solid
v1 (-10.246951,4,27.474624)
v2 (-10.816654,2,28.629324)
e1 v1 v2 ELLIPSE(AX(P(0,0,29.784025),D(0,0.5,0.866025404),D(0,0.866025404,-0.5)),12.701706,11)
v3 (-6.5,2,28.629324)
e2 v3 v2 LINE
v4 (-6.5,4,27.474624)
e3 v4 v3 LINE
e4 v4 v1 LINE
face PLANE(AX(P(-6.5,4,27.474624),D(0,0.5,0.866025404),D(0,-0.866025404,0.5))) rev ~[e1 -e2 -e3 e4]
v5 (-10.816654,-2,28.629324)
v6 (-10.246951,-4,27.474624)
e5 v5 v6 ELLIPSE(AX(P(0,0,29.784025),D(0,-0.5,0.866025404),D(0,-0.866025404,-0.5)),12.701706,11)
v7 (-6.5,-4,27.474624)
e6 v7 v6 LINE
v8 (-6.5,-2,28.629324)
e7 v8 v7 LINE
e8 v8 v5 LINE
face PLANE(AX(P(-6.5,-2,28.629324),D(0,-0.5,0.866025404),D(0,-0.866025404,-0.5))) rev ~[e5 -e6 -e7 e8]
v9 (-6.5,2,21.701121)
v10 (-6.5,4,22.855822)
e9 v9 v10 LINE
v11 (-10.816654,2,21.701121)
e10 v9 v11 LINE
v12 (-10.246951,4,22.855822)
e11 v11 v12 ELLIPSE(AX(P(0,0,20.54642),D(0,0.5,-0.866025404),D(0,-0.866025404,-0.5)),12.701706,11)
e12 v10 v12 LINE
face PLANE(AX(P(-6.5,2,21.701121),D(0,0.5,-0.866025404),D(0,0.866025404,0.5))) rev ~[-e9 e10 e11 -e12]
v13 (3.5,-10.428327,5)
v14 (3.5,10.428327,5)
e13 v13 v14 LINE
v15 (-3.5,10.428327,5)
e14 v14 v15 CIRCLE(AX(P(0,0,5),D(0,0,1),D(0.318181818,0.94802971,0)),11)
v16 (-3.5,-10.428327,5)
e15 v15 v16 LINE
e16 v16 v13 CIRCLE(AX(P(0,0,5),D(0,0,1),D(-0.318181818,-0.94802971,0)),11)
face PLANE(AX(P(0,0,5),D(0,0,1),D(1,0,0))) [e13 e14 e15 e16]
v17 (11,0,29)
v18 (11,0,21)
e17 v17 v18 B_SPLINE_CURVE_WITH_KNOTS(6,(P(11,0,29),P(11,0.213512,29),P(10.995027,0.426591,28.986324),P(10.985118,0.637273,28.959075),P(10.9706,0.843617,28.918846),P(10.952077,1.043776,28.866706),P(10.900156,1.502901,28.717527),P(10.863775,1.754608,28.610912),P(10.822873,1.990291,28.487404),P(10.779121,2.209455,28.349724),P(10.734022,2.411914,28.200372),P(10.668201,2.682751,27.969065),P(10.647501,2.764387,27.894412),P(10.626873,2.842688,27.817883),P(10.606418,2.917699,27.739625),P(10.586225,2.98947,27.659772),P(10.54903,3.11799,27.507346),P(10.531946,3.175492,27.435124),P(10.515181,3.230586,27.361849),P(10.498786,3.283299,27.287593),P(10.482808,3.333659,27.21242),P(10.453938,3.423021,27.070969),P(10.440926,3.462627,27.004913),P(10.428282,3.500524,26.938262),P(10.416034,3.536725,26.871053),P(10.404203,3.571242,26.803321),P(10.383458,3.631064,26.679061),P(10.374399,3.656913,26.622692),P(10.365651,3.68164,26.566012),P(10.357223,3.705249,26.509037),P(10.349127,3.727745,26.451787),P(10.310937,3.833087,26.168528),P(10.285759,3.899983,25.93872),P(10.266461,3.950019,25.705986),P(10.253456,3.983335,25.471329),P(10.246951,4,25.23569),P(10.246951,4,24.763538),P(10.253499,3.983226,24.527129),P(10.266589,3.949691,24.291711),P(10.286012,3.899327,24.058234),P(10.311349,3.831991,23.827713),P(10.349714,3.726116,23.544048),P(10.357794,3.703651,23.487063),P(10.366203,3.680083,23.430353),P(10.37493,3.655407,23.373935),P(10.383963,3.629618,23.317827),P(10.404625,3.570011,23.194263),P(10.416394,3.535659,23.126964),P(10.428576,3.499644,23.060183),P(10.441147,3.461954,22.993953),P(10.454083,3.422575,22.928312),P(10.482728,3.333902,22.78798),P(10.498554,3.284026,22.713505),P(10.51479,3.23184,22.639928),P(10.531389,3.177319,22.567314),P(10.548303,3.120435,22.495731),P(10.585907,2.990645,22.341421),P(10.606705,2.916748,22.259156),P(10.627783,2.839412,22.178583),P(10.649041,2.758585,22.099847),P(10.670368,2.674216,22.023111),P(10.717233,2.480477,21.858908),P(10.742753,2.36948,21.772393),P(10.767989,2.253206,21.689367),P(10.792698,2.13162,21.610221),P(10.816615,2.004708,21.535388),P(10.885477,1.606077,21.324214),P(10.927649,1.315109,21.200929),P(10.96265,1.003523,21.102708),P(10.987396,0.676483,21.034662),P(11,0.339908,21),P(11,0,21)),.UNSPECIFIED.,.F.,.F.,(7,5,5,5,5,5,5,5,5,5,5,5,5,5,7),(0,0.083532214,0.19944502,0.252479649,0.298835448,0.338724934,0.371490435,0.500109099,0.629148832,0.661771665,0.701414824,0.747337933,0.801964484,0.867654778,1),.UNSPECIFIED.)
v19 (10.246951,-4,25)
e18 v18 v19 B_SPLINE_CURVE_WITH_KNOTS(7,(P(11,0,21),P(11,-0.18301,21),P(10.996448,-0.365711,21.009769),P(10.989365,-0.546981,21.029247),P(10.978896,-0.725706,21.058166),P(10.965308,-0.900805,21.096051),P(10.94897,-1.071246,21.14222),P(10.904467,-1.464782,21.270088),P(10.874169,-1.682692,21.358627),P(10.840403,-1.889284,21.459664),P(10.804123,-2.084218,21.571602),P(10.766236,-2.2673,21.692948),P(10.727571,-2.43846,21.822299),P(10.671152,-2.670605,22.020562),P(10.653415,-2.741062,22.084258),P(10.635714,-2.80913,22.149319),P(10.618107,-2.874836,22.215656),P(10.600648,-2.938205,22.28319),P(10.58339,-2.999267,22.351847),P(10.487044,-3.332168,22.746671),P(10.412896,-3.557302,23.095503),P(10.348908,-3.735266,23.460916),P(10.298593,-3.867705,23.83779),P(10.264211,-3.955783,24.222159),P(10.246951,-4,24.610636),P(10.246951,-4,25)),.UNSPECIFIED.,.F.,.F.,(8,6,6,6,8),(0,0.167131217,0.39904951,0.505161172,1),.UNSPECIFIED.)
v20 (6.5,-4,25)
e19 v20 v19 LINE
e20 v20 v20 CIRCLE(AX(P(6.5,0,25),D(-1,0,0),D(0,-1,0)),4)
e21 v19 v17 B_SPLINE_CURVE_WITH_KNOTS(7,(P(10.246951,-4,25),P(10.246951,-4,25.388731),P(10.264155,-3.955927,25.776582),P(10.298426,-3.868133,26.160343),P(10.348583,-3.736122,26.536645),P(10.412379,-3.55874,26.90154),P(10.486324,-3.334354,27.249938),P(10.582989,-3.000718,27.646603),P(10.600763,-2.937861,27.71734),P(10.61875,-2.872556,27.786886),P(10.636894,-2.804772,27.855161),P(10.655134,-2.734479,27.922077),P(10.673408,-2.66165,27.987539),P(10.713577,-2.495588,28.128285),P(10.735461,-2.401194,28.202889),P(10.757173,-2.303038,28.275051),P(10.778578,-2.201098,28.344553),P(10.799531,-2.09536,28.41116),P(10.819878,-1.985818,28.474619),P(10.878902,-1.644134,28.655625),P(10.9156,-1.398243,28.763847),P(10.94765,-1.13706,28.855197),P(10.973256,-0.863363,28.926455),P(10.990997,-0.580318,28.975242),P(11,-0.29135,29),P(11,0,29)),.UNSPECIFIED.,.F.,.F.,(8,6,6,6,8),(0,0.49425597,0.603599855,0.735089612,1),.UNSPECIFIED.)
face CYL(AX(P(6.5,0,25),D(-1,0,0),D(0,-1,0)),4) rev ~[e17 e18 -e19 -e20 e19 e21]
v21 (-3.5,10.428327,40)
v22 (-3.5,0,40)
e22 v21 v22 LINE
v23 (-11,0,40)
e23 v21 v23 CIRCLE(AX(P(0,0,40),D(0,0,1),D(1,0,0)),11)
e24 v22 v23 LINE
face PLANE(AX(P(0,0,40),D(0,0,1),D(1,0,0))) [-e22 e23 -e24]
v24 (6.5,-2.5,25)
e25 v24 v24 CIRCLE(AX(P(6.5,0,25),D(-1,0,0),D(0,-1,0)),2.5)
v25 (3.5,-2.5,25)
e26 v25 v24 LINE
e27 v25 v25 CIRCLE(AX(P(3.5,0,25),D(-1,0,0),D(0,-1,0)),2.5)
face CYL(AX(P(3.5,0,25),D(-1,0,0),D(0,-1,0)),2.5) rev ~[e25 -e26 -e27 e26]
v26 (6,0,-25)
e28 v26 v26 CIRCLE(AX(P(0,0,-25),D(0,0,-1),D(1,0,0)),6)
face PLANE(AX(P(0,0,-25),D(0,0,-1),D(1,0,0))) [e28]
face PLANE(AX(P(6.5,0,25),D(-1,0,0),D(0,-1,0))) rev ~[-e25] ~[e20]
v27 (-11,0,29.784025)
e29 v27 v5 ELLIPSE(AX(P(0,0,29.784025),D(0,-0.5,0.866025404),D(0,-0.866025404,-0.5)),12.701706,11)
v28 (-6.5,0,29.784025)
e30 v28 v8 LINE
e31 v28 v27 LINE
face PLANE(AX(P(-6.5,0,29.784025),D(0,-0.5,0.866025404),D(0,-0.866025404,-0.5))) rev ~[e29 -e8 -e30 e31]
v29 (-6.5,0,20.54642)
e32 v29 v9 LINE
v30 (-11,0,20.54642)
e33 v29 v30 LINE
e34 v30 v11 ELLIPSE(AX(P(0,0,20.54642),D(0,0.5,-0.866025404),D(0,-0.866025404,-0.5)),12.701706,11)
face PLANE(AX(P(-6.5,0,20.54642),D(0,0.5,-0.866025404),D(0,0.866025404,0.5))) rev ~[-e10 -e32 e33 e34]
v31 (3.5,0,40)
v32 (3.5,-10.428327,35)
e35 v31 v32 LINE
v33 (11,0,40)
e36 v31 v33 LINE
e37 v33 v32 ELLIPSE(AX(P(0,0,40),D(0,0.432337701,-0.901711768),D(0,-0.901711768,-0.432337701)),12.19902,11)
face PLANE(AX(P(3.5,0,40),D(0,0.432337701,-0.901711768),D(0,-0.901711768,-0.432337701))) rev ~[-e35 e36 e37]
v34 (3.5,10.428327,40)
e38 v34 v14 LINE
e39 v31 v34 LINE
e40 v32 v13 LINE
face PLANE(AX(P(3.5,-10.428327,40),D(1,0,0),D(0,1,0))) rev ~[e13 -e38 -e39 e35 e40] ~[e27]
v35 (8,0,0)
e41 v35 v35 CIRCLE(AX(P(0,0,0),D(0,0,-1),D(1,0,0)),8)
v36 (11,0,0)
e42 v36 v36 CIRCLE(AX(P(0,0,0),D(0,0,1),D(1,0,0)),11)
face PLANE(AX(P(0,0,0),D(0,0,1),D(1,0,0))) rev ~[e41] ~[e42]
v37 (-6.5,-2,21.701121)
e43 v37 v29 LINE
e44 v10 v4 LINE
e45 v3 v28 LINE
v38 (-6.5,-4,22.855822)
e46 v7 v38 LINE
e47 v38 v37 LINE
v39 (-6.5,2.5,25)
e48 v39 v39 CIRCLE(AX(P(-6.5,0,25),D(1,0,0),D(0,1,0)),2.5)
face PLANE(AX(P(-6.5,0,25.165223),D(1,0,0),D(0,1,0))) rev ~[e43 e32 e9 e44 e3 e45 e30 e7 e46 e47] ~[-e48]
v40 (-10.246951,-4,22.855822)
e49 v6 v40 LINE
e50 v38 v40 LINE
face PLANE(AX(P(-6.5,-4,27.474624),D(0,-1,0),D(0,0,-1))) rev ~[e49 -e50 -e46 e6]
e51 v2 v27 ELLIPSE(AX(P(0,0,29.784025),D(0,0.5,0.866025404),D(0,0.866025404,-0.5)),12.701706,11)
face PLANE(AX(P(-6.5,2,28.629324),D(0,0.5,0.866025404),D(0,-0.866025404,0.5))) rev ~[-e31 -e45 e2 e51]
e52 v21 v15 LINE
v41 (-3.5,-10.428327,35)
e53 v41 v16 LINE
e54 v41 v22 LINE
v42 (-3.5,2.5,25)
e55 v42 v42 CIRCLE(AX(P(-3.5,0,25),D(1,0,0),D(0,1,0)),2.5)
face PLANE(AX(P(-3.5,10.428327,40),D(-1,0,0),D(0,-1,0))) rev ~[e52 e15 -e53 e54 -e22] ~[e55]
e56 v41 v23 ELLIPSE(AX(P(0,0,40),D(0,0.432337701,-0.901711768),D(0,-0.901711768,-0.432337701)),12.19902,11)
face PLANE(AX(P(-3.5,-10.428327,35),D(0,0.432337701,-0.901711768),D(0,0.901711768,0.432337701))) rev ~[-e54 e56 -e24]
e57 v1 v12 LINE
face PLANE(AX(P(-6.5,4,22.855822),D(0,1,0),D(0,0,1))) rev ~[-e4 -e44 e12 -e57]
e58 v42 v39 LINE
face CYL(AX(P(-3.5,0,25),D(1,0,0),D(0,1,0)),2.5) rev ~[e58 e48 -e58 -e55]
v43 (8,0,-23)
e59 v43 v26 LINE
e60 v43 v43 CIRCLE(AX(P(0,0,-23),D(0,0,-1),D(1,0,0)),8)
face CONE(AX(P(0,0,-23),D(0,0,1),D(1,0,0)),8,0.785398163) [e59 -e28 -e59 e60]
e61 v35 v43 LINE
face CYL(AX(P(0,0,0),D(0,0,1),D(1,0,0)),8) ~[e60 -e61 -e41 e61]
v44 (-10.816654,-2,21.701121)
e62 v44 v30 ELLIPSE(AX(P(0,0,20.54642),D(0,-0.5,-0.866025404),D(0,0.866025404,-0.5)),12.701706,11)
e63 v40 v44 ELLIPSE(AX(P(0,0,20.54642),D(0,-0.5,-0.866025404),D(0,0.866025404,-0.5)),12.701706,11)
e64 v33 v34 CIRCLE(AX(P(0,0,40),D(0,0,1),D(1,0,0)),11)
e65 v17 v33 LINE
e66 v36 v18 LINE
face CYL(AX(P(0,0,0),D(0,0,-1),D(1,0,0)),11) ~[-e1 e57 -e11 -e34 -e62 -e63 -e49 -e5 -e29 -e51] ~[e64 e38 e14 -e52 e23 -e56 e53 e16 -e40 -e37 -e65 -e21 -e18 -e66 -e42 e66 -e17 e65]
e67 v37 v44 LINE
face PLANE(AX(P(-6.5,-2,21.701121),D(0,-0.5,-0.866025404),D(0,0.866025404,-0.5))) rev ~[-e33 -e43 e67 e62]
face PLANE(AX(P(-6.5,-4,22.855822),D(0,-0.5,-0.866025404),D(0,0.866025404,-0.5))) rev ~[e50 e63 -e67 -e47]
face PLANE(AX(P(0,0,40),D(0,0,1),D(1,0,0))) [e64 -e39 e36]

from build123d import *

# Parameters (mm, degrees)
F0_R      = 11
F1_DEPTH  = 40
F3_DEPTH  = 35
F6_DEPTH  = 7.501
F8_DEPTH  = 7.501
F5_R      = 8
F9_DEPTH  = 25
F10_R     = 2.5
F11_DEPTH = 7.501
F12_R     = 2.5
F13_DEPTH = 7.5010001
F14_SIZE  = 2
F17_DEPTH = 4.5010001
F19_R     = 4
F20_DEPTH = 4.5010001


with BuildPart() as f1:
    # F0 (on Top) → F1 (new body)
    with BuildSketch(Plane.XY):
        Circle(F0_R)
    extrude(amount=F1_DEPTH)

    # F2 (on face) → F3 (cut)
    with BuildSketch(Plane.XY.offset(40)):
        with BuildLine():
            ThreePointArc((-3.5, -10.4283268073), (0, -11), (3.5, -10.4283268073))
            Line((3.5, -10.4283268073), (3.5, 10.4283268073))
            ThreePointArc((3.5, 10.4283268073), (0, 11), (-3.5, 10.4283268073))
            Line((-3.5, 10.4283268073), (-3.5, -10.4283268073))
        make_face()
    extrude(amount=-F3_DEPTH, mode=Mode.SUBTRACT)

    # F4 (on face) → F6 (cut, through all)
    with BuildSketch(Plane.YZ.offset(-3.5)):
        Polygon((-10.4283268073, 35), (0, 40), (-10.4283268073, 40), align=None)
    extrude(amount=-F6_DEPTH, mode=Mode.SUBTRACT)

    # F7 (on face) → F8 (cut, through all)
    with BuildSketch(Plane(origin=(3.5, 0, 0), x_dir=(0, -1, 0), z_dir=(-1, 0, 0))):
        Polygon((10.4283268073, 40), (0, 40), (10.4283268073, 35), align=None)
    extrude(amount=-F8_DEPTH, mode=Mode.SUBTRACT)

    # F5 (on face) → F9 (join)
    with BuildSketch(Plane(origin=(0, 0, 0), x_dir=(1, 0, 0), z_dir=(0, 0, -1))):
        Circle(F5_R)
    extrude(amount=F9_DEPTH)

    # F10 (on face) → F11 (cut, through all)
    with BuildSketch(Plane(origin=(3.5, 0, 0), x_dir=(0, -1, 0), z_dir=(-1, 0, 0))):
        with Locations((0, 25)):
            Circle(F10_R)
    extrude(amount=-F11_DEPTH, mode=Mode.SUBTRACT)

    # F12 (on face) → F13 (cut, through all)
    with BuildSketch(Plane.YZ.offset(-3.5)):
        with Locations((0, 25)):
            Circle(F12_R)
    extrude(amount=-F13_DEPTH, mode=Mode.SUBTRACT)

    # F14
    f14_edges = [f1.edges().sort_by_distance(p)[0] for p in [
        (-8, 0, -25),
    ]]
    chamfer(f14_edges, length=F14_SIZE)

    # F16 (on offset) → F17 (cut, through all)
    with BuildSketch(Plane.YZ.offset(-6.5)):
        with BuildLine():
            ThreePointArc((1.9999999297, 21.7011209295), (3.4641015949, 23.1652225501), (4, 25.1652225852))
            ThreePointArc((4, 25.1652225852), (3.4641016169, 27.1652225821), (2.0000000062, 28.6293241968))
            ThreePointArc((2.0000000062, 28.6293241968), (7.14e-08, 29.1652225852), (-1.9999998825, 28.6293242682))
            ThreePointArc((-1.9999998825, 28.6293242682), (-3.4641015812, 27.165222644), (-4, 25.1652225852))
            ThreePointArc((-4, 25.1652225852), (-3.4641016169, 23.1652225883), (-2.0000000062, 21.7011209736))
            ThreePointArc((-2.0000000062, 21.7011209736), (-4.42e-08, 21.1652225852), (1.9999999297, 21.7011209295))
        make_face()
        with BuildLine():
            Line((4, 22.8558215084), (4, 25.1652225852))
            ThreePointArc((4, 25.1652225852), (3.4641015949, 23.1652225501), (1.9999999297, 21.7011209295))
            Line((1.9999999297, 21.7011209295), (4, 22.8558215084))
        make_face()
        with BuildLine():
            ThreePointArc((2.0000000062, 28.6293241968), (3.4641016169, 27.1652225821), (4, 25.1652225852))
            Line((4, 25.1652225852), (4, 27.474623662))
            Line((4, 27.474623662), (2.0000000062, 28.6293241968))
        make_face()
        with BuildLine():
            ThreePointArc((-1.9999998825, 28.6293242682), (7.14e-08, 29.1652225852), (2.0000000062, 28.6293241968))
            Line((2.0000000062, 28.6293241968), (0, 29.7840247387))
            Line((0, 29.7840247387), (-1.9999998825, 28.6293242682))
        make_face()
        with BuildLine():
            Line((0, 20.5464204317), (1.9999999297, 21.7011209295))
            ThreePointArc((1.9999999297, 21.7011209295), (-4.42e-08, 21.1652225852), (-2.0000000062, 21.7011209736))
            Line((-2.0000000062, 21.7011209736), (0, 20.5464204317))
        make_face()
        with BuildLine():
            ThreePointArc((-4, 25.1652225852), (-3.4641015812, 27.165222644), (-1.9999998825, 28.6293242682))
            Line((-1.9999998825, 28.6293242682), (-4, 27.474623662))
            Line((-4, 27.474623662), (-4, 25.1652225852))
        make_face()
        with BuildLine():
            Line((-4, 22.8558215084), (-2.0000000062, 21.7011209736))
            ThreePointArc((-2.0000000062, 21.7011209736), (-3.4641016169, 23.1652225883), (-4, 25.1652225852))
            Line((-4, 25.1652225852), (-4, 22.8558215084))
        make_face()
    extrude(amount=-F17_DEPTH, mode=Mode.SUBTRACT)

    # F19 (on offset) → F20 (cut, through all)
    with BuildSketch(Plane(origin=(6.5, 0, 0), x_dir=(0, -1, 0), z_dir=(-1, 0, 0))):
        with Locations((0, 25)):
            Circle(F19_R)
    extrude(amount=-F20_DEPTH, mode=Mode.SUBTRACT)


solid = f1.part
